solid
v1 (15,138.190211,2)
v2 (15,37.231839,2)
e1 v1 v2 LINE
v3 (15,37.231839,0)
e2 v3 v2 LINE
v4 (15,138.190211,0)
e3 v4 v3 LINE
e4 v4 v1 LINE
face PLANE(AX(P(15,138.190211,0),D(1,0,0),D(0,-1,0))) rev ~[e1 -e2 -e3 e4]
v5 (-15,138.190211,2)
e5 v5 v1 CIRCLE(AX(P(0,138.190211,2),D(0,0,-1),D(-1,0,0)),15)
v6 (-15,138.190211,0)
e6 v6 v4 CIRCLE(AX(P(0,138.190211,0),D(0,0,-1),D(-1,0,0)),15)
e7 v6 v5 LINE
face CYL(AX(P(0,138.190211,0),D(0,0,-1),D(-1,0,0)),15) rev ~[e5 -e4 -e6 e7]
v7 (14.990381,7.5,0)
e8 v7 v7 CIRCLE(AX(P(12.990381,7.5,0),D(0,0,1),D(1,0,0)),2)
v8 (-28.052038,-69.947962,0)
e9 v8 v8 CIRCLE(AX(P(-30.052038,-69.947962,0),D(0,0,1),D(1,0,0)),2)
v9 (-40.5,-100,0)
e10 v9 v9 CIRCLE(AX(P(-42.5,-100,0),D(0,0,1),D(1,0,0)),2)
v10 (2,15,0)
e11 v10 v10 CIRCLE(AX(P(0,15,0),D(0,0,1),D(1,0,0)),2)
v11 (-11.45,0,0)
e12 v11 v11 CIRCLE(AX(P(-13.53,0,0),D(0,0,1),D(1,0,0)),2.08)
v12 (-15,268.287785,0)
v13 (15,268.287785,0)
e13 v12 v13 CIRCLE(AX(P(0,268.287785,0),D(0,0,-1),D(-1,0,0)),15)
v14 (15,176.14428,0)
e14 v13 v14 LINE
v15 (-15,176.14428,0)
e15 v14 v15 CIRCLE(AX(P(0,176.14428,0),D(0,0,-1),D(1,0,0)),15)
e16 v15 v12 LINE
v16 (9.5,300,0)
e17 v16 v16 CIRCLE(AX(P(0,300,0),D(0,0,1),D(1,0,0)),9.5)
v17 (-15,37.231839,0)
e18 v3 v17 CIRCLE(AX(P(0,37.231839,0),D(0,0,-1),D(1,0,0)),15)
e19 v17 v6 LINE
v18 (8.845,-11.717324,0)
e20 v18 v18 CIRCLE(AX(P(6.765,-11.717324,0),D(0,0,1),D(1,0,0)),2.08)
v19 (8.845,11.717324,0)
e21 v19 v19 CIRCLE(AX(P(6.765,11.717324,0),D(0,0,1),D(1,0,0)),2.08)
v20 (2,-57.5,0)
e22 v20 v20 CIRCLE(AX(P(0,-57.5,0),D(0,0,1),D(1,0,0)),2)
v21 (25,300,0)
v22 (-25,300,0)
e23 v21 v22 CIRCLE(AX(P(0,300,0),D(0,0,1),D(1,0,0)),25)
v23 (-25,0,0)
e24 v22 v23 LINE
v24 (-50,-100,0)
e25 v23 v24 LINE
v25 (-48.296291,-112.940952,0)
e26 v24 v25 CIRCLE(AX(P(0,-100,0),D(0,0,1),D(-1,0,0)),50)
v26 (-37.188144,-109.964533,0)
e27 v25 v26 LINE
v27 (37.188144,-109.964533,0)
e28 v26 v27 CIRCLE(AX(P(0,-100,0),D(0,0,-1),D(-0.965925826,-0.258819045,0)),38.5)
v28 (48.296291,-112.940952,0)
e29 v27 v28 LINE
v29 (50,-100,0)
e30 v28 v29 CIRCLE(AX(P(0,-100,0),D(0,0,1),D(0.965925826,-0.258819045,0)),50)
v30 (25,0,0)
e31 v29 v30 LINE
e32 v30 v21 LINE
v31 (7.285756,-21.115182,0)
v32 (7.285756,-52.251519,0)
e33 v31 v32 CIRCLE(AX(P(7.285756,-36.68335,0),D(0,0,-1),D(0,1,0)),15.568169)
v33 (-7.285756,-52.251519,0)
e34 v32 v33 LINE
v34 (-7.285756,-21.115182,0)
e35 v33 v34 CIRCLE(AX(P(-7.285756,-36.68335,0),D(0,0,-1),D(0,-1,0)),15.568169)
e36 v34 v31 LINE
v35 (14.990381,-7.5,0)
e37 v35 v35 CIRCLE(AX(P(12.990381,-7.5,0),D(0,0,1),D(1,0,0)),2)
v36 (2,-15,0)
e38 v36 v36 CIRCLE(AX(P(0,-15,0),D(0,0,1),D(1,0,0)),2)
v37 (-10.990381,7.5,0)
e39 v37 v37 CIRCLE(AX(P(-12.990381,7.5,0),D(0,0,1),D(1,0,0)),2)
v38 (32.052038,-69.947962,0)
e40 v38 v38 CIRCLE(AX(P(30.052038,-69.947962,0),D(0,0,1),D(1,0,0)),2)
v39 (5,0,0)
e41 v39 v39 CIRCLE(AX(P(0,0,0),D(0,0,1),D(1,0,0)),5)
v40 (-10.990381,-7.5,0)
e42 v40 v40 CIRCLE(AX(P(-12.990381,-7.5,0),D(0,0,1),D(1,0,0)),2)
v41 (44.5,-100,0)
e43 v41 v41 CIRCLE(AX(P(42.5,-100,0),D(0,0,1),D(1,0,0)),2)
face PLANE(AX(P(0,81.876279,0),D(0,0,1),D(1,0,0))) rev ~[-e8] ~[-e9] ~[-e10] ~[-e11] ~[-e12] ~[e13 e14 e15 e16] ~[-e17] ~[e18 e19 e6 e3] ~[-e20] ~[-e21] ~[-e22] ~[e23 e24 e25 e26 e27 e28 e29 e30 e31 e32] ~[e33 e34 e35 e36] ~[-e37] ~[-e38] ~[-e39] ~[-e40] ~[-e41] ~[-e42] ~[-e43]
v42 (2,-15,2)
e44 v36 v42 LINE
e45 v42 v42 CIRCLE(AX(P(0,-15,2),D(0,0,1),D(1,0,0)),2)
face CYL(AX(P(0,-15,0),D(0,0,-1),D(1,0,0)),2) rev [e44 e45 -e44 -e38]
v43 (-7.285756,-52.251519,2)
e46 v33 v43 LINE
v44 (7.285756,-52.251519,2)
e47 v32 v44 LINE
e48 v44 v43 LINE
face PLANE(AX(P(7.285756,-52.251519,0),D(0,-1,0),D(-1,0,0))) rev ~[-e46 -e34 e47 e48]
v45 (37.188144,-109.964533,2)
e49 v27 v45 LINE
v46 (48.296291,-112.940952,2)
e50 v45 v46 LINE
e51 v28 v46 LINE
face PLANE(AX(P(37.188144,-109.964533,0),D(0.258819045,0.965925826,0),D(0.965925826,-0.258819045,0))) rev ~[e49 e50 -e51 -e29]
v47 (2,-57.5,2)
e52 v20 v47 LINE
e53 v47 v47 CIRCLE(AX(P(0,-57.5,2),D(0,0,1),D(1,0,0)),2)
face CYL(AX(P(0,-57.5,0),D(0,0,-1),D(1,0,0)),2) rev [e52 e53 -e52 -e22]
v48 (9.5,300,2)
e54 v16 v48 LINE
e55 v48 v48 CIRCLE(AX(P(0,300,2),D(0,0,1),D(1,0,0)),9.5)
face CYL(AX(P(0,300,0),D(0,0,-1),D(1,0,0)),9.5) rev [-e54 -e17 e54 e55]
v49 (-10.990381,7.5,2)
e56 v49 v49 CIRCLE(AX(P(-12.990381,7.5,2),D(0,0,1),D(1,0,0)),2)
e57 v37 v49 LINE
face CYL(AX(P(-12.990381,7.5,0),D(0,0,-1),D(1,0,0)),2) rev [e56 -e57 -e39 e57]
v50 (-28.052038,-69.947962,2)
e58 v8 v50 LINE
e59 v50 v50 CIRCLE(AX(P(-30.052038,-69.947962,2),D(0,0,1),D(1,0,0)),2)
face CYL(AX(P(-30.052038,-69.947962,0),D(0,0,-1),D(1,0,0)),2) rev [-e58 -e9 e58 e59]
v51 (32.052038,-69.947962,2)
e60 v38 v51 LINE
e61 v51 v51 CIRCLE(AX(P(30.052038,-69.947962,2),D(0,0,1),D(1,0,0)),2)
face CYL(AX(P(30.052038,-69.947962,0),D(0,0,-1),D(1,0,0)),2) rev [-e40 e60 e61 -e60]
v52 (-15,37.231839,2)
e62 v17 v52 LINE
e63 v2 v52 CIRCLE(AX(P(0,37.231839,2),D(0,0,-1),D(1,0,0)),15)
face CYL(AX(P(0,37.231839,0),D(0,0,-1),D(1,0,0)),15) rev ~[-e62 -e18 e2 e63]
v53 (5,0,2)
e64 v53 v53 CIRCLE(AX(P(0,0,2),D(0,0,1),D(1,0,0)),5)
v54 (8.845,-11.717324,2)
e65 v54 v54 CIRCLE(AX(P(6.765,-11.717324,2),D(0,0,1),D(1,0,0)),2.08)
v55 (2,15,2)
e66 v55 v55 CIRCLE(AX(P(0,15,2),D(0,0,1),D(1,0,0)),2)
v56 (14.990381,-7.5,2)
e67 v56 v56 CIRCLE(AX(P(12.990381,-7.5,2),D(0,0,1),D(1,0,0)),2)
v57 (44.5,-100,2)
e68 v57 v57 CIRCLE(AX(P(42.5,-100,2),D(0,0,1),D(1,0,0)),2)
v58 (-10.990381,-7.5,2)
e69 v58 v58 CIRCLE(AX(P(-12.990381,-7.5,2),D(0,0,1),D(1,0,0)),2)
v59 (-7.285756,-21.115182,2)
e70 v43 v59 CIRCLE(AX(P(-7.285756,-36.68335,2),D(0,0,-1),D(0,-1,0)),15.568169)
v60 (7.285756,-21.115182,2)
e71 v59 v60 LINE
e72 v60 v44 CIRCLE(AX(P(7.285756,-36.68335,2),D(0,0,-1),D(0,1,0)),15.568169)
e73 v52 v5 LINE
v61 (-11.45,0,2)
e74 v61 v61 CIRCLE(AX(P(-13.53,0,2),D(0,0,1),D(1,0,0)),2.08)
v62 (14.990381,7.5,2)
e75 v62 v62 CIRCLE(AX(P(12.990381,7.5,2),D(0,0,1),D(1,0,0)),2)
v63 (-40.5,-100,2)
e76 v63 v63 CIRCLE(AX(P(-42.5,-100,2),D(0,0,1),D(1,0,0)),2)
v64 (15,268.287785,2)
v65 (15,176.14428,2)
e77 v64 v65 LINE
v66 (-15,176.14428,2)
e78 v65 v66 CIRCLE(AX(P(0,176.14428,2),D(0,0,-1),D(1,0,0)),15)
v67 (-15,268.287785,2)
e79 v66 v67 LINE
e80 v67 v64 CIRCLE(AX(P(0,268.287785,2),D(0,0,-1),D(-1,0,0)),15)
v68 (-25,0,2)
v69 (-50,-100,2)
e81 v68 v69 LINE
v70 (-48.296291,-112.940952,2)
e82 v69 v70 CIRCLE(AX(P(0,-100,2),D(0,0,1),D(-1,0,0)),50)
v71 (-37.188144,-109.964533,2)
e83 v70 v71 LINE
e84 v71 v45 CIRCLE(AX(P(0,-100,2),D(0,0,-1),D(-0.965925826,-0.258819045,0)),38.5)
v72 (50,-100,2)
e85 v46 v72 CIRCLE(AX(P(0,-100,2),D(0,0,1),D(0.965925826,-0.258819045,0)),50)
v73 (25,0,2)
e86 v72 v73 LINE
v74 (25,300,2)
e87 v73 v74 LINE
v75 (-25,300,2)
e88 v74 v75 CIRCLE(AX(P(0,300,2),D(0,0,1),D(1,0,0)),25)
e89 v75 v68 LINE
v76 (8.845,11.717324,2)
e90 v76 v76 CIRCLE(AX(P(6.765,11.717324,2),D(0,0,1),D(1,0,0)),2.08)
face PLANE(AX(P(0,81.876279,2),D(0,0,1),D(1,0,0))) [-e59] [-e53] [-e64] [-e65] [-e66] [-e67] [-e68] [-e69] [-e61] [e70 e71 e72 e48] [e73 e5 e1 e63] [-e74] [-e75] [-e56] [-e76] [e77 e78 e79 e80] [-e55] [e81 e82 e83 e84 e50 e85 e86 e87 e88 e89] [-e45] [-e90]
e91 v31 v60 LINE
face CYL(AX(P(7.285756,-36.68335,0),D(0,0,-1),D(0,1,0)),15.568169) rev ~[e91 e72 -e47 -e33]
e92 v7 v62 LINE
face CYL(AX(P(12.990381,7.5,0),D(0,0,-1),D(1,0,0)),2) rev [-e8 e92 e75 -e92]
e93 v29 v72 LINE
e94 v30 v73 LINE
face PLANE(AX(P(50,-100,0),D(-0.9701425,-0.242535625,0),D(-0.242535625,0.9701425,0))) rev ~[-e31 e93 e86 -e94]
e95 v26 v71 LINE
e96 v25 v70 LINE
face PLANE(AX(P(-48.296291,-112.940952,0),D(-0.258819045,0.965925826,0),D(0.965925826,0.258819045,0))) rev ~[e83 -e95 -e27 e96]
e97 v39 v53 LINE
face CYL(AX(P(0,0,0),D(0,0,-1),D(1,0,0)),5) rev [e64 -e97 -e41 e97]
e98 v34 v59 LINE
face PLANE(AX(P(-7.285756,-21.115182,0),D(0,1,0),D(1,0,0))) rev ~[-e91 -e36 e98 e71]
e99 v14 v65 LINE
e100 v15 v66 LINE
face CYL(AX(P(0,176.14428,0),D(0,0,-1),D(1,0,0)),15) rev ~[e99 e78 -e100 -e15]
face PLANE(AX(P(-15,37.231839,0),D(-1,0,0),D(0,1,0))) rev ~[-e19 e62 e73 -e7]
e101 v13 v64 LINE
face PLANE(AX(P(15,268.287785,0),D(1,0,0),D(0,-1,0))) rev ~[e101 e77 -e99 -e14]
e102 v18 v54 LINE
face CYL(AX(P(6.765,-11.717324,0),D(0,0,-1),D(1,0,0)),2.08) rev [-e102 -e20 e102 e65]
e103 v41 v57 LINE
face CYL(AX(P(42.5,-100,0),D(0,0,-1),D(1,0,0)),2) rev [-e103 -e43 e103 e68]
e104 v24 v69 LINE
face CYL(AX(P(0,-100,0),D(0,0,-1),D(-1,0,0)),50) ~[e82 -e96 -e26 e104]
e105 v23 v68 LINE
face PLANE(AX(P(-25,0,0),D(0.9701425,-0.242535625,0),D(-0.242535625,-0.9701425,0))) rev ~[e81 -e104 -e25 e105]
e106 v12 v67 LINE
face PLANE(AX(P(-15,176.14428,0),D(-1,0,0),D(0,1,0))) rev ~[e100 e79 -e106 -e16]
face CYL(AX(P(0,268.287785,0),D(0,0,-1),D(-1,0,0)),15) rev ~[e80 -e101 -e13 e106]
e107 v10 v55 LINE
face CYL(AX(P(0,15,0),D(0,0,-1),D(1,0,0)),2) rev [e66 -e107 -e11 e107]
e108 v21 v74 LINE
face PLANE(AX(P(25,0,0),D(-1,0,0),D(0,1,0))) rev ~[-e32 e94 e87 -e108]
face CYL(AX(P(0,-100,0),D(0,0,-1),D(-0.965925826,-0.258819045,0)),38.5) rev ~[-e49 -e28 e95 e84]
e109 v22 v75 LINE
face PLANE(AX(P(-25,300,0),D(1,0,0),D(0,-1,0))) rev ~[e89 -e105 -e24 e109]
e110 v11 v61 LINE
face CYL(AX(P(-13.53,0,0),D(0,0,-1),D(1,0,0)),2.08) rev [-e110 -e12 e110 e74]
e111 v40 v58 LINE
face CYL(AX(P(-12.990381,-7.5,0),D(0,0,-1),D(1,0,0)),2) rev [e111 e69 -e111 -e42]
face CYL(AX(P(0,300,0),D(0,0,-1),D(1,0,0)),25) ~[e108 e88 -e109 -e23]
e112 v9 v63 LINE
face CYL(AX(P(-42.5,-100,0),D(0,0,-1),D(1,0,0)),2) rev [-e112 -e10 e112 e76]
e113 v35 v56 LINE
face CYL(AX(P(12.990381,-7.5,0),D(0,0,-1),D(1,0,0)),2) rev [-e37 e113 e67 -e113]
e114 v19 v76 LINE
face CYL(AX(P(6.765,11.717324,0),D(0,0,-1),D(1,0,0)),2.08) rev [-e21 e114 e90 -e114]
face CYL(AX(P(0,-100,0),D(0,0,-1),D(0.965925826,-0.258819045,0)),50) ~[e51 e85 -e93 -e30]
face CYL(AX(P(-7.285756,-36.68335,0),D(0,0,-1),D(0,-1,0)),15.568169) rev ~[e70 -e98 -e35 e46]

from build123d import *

# Parameters (mm, degrees)
SKETCH_1_R      = 2
SKETCH_1_R_2    = 2.08
SKETCH_1_R_3    = 5
SKETCH_1_R_4    = 9.5
EXTRUDE_1_DEPTH = 2


with BuildPart() as part:
    # 草图1 → 凸台-拉伸1 (new body)
    with BuildSketch(Plane.XY):
        with BuildLine():
            Line((37.188144312, -109.964533236), (48.296291314, -112.940952255))
            ThreePointArc((48.296291314, -112.940952255), (49.572243069, -106.526309611), (50, -100))
            Line((50, -100), (25, 0))
            Line((25, 0), (25, 300))
            ThreePointArc((25, 300), (0, 325), (-25, 300))
            Line((-25, 300), (-25, 0))
            Line((-25, 0), (-50, -100))
            ThreePointArc((-50, -100), (-49.572243069, -106.526309611), (-48.296291314, -112.940952255))
            Line((-48.296291314, -112.940952255), (-37.188144312, -109.964533236))
            ThreePointArc((-37.188144312, -109.964533236), (0, -61.5), (37.188144312, -109.964533236))
        make_face()
        with Locations((0, -15)):
            Circle(SKETCH_1_R, mode=Mode.SUBTRACT)
        with Locations((-12.990381057, -7.5)):
            Circle(SKETCH_1_R, mode=Mode.SUBTRACT)
        with Locations((-12.990381057, 7.5)):
            Circle(SKETCH_1_R, mode=Mode.SUBTRACT)
        with Locations((0, 15)):
            Circle(SKETCH_1_R, mode=Mode.SUBTRACT)
        with Locations((12.990381057, 7.5)):
            Circle(SKETCH_1_R, mode=Mode.SUBTRACT)
        with Locations((12.990381057, -7.5)):
            Circle(SKETCH_1_R, mode=Mode.SUBTRACT)
        with Locations((-13.53, 0)):
            Circle(SKETCH_1_R_2, mode=Mode.SUBTRACT)
        with Locations((6.765, 11.717323713)):
            Circle(SKETCH_1_R_2, mode=Mode.SUBTRACT)
        with Locations((6.765, -11.717323713)):
            Circle(SKETCH_1_R_2, mode=Mode.SUBTRACT)
        Circle(SKETCH_1_R_3, mode=Mode.SUBTRACT)
        with Locations((-42.5, -100)):
            Circle(SKETCH_1_R, mode=Mode.SUBTRACT)
        with Locations((-30.0520382, -69.9479618)):
            Circle(SKETCH_1_R, mode=Mode.SUBTRACT)
        with Locations((0, -57.5)):
            Circle(SKETCH_1_R, mode=Mode.SUBTRACT)
        with Locations((30.0520382, -69.9479618)):
            Circle(SKETCH_1_R, mode=Mode.SUBTRACT)
        with Locations((42.5, -100)):
            Circle(SKETCH_1_R, mode=Mode.SUBTRACT)
        with Locations((0, 300)):
            Circle(SKETCH_1_R_4, mode=Mode.SUBTRACT)
        with BuildLine():
            Line((-15, 37.231839261), (-15, 138.190211212))
            ThreePointArc((-15, 138.190211212), (0, 153.190211212), (15, 138.190211212))
            Line((15, 138.190211212), (15, 37.231839261))
            ThreePointArc((15, 37.231839261), (0, 22.231839261), (-15, 37.231839261))
        make_face(mode=Mode.SUBTRACT)
        with BuildLine():
            Line((-7.285756476, -21.115181502), (7.285756476, -21.115181502))
            ThreePointArc((7.285756476, -21.115181502), (22.853925458, -36.683350484), (7.285756476, -52.251519465))
            Line((7.285756476, -52.251519465), (-7.285756476, -52.251519465))
            ThreePointArc((-7.285756476, -52.251519465), (-22.853925458, -36.683350484), (-7.285756476, -21.115181502))
        make_face(mode=Mode.SUBTRACT)
        with BuildLine():
            Line((-15, 176.144279665), (-15, 268.287785105))
            ThreePointArc((-15, 268.287785105), (0, 283.287785105), (15, 268.287785105))
            Line((15, 268.287785105), (15, 176.144279665))
            ThreePointArc((15, 176.144279665), (0, 161.144279665), (-15, 176.144279665))
        make_face(mode=Mode.SUBTRACT)
    extrude(amount=EXTRUDE_1_DEPTH)


solid = part.part
